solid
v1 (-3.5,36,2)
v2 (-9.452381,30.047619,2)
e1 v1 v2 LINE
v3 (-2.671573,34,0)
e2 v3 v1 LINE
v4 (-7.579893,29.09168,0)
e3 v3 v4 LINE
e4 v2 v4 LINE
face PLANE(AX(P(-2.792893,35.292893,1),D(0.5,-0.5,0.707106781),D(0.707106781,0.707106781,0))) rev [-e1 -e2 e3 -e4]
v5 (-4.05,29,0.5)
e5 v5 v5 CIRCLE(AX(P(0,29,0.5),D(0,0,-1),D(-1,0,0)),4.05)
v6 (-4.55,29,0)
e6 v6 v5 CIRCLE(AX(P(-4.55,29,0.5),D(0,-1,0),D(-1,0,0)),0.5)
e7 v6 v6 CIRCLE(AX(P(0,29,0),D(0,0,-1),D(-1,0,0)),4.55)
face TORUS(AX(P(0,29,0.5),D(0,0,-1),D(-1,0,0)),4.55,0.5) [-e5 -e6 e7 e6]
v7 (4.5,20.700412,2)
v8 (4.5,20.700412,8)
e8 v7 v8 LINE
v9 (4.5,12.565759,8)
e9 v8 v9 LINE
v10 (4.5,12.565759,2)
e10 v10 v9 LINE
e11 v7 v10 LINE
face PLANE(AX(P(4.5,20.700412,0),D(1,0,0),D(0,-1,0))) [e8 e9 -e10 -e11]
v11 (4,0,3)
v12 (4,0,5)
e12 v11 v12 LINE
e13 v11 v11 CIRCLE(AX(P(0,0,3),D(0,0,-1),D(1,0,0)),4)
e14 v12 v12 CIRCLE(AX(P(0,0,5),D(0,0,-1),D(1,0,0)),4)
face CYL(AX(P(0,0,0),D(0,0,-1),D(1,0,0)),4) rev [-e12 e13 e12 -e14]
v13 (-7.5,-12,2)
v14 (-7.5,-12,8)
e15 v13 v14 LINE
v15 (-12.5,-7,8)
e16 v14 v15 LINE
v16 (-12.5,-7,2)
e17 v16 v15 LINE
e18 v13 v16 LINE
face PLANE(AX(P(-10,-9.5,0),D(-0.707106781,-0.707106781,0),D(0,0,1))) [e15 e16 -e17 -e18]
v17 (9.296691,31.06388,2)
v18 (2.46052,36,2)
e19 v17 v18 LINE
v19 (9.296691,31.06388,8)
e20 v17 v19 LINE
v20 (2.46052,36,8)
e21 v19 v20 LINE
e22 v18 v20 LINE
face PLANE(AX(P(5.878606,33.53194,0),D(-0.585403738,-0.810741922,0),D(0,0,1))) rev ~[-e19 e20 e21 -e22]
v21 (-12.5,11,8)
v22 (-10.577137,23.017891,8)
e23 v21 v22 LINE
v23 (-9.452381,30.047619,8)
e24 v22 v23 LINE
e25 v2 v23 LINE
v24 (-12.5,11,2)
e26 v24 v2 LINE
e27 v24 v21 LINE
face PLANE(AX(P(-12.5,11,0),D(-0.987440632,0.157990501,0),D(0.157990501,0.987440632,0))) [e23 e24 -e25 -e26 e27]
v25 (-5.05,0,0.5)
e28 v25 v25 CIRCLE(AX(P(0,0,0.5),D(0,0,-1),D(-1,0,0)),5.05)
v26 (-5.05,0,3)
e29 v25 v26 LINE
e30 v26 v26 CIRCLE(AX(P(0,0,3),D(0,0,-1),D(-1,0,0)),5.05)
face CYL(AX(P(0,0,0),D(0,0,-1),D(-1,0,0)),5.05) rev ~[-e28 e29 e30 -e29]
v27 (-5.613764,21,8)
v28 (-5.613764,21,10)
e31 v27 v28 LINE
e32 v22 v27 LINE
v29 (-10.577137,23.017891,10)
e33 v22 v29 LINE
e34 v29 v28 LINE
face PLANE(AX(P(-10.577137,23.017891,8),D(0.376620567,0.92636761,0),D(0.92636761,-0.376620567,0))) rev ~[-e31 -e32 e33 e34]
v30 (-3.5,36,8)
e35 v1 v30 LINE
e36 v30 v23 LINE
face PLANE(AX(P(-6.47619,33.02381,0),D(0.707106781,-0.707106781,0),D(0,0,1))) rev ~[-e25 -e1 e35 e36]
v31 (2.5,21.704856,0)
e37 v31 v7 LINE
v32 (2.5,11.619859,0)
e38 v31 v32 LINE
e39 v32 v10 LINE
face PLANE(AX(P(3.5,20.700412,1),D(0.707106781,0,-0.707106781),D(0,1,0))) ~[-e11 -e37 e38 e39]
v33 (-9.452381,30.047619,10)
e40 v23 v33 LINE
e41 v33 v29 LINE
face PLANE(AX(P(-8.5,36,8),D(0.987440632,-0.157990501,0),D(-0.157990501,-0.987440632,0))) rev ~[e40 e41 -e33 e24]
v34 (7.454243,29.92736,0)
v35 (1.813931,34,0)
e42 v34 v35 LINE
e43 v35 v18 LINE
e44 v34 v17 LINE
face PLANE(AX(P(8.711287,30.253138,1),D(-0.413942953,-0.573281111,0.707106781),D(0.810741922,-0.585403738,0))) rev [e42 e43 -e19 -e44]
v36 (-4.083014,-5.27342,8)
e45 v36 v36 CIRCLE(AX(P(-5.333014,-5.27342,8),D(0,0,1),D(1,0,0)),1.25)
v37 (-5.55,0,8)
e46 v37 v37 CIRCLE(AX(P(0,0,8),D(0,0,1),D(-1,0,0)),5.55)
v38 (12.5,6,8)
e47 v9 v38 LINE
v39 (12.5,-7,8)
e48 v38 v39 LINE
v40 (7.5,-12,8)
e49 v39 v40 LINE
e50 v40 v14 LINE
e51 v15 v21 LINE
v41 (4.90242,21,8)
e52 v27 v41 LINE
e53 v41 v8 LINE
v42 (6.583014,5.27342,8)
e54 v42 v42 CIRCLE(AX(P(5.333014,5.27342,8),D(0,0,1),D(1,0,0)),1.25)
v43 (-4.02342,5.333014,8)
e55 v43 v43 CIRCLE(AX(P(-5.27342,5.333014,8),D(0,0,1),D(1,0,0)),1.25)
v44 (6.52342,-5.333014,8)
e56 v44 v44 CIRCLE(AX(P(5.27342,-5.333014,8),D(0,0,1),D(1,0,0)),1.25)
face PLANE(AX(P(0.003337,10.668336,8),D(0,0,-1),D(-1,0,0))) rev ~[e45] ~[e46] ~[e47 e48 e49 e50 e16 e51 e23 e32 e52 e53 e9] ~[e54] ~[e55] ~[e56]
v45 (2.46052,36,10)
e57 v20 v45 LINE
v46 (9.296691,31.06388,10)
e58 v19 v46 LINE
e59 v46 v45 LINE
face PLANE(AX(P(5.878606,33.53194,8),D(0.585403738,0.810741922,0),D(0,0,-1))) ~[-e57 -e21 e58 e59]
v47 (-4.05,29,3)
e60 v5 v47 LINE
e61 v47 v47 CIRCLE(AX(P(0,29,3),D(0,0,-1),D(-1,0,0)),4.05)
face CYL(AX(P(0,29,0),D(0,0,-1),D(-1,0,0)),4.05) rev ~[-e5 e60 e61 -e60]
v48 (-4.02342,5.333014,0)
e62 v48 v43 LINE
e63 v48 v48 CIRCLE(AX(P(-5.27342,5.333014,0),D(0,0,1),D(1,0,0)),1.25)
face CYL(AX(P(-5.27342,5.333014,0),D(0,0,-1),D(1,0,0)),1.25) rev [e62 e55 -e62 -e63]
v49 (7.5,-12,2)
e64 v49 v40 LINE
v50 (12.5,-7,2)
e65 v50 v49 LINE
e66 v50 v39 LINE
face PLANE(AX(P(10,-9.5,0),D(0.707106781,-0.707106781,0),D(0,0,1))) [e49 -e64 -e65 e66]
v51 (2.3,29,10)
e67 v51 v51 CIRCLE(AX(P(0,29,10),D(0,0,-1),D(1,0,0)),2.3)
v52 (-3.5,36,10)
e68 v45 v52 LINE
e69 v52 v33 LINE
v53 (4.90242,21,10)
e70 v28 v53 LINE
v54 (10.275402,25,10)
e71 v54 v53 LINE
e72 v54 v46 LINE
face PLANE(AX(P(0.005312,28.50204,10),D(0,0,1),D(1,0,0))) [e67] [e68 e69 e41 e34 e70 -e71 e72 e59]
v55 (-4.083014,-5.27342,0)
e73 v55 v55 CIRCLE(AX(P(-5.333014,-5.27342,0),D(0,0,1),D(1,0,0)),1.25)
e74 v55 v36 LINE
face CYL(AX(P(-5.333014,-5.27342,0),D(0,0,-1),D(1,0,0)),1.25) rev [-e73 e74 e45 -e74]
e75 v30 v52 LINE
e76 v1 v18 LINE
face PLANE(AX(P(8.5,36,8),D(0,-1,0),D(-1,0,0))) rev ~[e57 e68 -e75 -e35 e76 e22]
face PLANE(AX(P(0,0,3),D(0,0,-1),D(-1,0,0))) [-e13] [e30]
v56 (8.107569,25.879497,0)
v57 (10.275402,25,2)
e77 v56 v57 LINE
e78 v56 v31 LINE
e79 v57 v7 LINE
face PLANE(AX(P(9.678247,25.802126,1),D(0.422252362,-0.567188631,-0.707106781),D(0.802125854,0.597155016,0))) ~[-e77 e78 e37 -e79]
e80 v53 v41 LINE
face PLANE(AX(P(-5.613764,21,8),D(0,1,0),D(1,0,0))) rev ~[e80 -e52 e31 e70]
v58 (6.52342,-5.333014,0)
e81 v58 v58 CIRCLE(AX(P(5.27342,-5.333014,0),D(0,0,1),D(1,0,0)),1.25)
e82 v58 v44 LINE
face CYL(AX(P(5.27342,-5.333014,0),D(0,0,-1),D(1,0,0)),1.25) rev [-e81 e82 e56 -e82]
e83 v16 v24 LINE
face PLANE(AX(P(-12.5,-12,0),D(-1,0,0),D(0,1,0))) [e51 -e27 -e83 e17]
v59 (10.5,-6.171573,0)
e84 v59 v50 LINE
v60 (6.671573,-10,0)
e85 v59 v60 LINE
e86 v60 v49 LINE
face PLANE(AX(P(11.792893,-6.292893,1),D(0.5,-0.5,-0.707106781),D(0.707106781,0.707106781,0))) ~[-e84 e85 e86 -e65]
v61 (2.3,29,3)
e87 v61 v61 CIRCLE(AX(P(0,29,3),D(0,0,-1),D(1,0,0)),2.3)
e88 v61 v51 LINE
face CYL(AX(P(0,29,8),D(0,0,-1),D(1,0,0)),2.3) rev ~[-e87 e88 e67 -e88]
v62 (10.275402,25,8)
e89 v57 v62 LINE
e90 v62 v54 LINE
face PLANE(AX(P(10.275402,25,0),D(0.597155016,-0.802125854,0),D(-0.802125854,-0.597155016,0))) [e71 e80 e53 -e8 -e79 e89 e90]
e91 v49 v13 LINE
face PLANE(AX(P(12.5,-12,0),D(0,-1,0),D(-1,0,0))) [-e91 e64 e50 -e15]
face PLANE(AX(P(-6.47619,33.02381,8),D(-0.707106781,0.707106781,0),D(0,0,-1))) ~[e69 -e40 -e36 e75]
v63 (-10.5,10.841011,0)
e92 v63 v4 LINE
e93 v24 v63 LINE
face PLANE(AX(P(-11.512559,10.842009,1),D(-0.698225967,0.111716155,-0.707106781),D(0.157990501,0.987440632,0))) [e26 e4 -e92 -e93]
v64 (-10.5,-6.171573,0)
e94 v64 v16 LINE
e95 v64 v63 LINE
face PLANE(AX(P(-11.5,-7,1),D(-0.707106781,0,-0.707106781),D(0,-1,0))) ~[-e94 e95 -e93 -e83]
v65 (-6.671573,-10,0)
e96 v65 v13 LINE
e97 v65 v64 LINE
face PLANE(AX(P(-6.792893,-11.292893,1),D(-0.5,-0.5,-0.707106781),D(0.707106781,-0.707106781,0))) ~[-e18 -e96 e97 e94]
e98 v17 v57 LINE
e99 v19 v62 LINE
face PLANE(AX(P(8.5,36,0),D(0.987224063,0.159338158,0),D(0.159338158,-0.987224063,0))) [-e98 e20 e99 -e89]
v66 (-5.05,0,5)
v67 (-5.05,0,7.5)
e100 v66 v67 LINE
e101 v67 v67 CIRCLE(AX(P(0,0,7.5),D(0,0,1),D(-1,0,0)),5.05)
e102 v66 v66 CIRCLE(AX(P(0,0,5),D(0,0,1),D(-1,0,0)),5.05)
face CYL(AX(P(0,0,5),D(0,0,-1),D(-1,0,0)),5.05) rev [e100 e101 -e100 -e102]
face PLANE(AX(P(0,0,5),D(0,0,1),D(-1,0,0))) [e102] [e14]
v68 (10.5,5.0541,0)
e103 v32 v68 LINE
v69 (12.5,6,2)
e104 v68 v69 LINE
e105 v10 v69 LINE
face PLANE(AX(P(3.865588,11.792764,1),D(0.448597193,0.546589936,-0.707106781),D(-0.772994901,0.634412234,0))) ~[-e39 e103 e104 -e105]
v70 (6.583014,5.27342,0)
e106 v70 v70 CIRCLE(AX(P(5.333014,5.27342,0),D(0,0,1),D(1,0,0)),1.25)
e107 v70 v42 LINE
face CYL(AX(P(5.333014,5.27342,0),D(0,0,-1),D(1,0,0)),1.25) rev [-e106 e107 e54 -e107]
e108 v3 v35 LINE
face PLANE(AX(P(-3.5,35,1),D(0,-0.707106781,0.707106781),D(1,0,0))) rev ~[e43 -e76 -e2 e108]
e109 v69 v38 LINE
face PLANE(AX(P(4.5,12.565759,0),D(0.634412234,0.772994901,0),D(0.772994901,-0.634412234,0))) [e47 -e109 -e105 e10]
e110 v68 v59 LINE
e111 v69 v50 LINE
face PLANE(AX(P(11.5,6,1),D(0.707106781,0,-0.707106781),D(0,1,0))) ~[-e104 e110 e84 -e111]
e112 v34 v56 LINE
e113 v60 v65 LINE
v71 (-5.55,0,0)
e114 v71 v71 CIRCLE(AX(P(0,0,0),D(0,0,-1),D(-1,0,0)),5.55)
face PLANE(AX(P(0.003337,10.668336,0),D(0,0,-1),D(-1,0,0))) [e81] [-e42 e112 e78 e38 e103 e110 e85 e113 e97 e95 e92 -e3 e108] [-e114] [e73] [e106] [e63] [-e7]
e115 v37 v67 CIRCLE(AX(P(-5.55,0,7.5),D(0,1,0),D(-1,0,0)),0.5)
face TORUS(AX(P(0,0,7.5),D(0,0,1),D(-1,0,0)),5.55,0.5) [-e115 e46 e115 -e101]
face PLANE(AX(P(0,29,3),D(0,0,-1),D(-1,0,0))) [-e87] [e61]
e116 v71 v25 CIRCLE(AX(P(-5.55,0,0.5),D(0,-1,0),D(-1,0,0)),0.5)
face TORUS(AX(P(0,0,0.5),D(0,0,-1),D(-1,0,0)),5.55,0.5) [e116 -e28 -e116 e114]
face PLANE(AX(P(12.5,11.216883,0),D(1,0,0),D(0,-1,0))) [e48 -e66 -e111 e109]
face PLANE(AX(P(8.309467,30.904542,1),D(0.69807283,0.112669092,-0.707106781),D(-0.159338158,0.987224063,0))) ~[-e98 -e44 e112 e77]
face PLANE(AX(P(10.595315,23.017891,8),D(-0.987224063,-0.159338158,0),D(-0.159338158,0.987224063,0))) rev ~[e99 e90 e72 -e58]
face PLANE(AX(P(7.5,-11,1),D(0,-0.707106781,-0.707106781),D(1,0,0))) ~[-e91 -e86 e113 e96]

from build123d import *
from OCP.BRepFilletAPI import BRepFilletAPI_MakeChamfer

# Parameters (mm, degrees)
SKETCH_1_R          = 1.25
SKETCH_1_R_2        = 4
SKETCH_1_R_3        = 2.3
EXTRUDE_2_DEPTH     = 8
CHAMFER_1_SIZE      = 5
EXTRUDE_3_DEPTH     = 2
SKETCH_3_R          = 2.3
CUT_EXTRUDE_1_DEPTH = 7
CUT_EXTRUDE_2_DEPTH = 10
CHAMFER_2_SIZE      = 5
CHAMFER_2_SIZE2     = 6.028089953
CHAMFER_2_SIZE2_2   = 6.039479554
CHAMFER_3_SIZE      = 2
SKETCH_5_R          = 5.05
CUT_EXTRUDE_3_DEPTH = 3
CUT_EXTRUDE_START   = -3
SKETCH_6_R          = 5.05
CUT_EXTRUDE_4_DEPTH = 3
FILLET_1_R          = 0.5
SKETCH_7_R          = 4.05
CUT_EXTRUDE_5_DEPTH = 3
FILLET_2_R          = 0.5


with BuildPart() as part:
    # 草图1 → 凸台-拉伸2 (new body)
    with BuildSketch(Plane.XY):
        Polygon((8.5, 36), (12.5, 11.216882722), (12.5, -12), (-12.5, -12), (-12.5, 11), (-8.5, 36), align=None)
        with Locations((-5.273420283, 5.333014019)):
            Circle(SKETCH_1_R, mode=Mode.SUBTRACT)
        with Locations((5.333014019, 5.273420283)):
            Circle(SKETCH_1_R, mode=Mode.SUBTRACT)
        with Locations((5.273420283, -5.333014019)):
            Circle(SKETCH_1_R, mode=Mode.SUBTRACT)
        with Locations((-5.333014019, -5.273420283)):
            Circle(SKETCH_1_R, mode=Mode.SUBTRACT)
        Circle(SKETCH_1_R_2, mode=Mode.SUBTRACT)
        with Locations((0, 29)):
            Circle(SKETCH_1_R_3, mode=Mode.SUBTRACT)
    extrude(amount=EXTRUDE_2_DEPTH)

    # 倒角1
    chamfer_1_edges = [part.edges().sort_by_distance(p)[0] for p in [
        (12.5, -12, 4),
        (-12.5, -12, 4),
    ]]
    chamfer(chamfer_1_edges, length=CHAMFER_1_SIZE)

    # 草图2 → 凸台-拉伸3 (add)
    with BuildSketch(Plane.XY.offset(8)):
        Polygon((-10.577137485, 23.017890722), (-5.61376382, 21), (5.631941325, 21), (10.595314989, 23.017890722), (8.5, 36), (-8.5, 36), align=None)
    extrude(amount=EXTRUDE_3_DEPTH)

    # 草图3 → 切除-拉伸1 (cut)
    with BuildSketch(Plane(origin=(0, 0, 8), x_dir=(-1, 0, 0), z_dir=(0, 0, -1))):
        with Locations(Location((0, 29, 0), (0, 0, 180))):
            Circle(SKETCH_3_R)
    extrude(amount=-CUT_EXTRUDE_1_DEPTH, mode=Mode.SUBTRACT)

    # 草图4 → 切除-拉伸2 (cut)
    with BuildSketch(Plane(origin=(0, 0, 0), x_dir=(-1, 0, 0), z_dir=(0, 0, -1))):
        Polygon((-10.275402162, 25), (-4.5, 20.700412405), (-4.5, 12.565758544), (-12.5, 6), (-12.5, 11.216882722), align=None)
    extrude(amount=-CUT_EXTRUDE_2_DEPTH, mode=Mode.SUBTRACT)

    # 倒角2: one chamfer whose edges measure the first distance from different faces: ONE call of the kernel's chamfer builder (chamfer() names one face for all edges)
    chamfer_2_edges_1 = [part.edges().sort_by_distance(p)[0] for p in [
        (-8.5, 36, 5),
    ]]
    chamfer_2_side_1 = [part.faces().sort_by_distance(p)[0] for p in [
        (0, 36, 5),
    ]]
    chamfer_2_edges_2 = [part.edges().sort_by_distance(p)[0] for p in [
        (8.5, 36, 5),
    ]]
    chamfer_2_side_2 = [part.faces().sort_by_distance(p)[0] for p in [
        (9.387701081, 30.5, 5),
    ]]
    chamfer_2 = BRepFilletAPI_MakeChamfer(part.part.solid().wrapped)
    for e in chamfer_2_edges_1:
        chamfer_2.Add(CHAMFER_2_SIZE, CHAMFER_2_SIZE2, e.wrapped, chamfer_2_side_1[0].wrapped)  # the first distance lies on this face
    for e in chamfer_2_edges_2:
        chamfer_2.Add(CHAMFER_2_SIZE, CHAMFER_2_SIZE2_2, e.wrapped, chamfer_2_side_2[0].wrapped)  # the first distance lies on this face
    add(Compound.cast(chamfer_2.Shape()), mode=Mode.REPLACE)

    # 倒角3
    chamfer_3_edges = [part.edges().sort_by_distance(p)[0] for p in [
        (-0.519739777, 36, 0),
        (-10.976190476, 20.523809524, 0),
        (-6.476190476, 33.023809524, 0),
        (5.878605618, 33.531939841, 0),
        (0, -12, 0),
        (12.5, -0.5, 0),
        (10, -9.5, 0),
        (-10, -9.5, 0),
        (9.786046476, 28.031939841, 0),
        (-12.5, 2, 0),
        (8.5, 9.282879272, 0),
        (4.5, 16.633085475, 0),
        (7.387701081, 22.850206203, 0),
    ]]
    chamfer(chamfer_3_edges, length=CHAMFER_3_SIZE)

    # 草图5 → 切除-拉伸3 (cut)
    with BuildSketch(Plane(origin=(0, 0, 0), x_dir=(-1, 0, 0), z_dir=(0, 0, -1))):
        Circle(SKETCH_5_R)
    extrude(amount=-CUT_EXTRUDE_3_DEPTH, mode=Mode.SUBTRACT)

    # 草图6 → 切除-拉伸4 (cut)
    with BuildSketch(Plane.XY.offset(8).offset(CUT_EXTRUDE_START)):
        with Locations(Location((0, 0, 0), (0, 0, 180))):
            Circle(SKETCH_6_R)
    extrude(amount=CUT_EXTRUDE_4_DEPTH, mode=Mode.SUBTRACT)

    # 圆角1
    fillet_1_edges = [part.edges().sort_by_distance(p)[0] for p in [
        (5.05, 0, 0),
        (5.05, 0, 8),
    ]]
    fillet(fillet_1_edges, radius=FILLET_1_R)

    # 草图7 → 切除-拉伸5 (cut)
    with BuildSketch(Plane(origin=(0, 0, 0), x_dir=(-1, 0, 0), z_dir=(0, 0, -1))):
        with Locations((0, 29)):
            Circle(SKETCH_7_R)
    extrude(amount=-CUT_EXTRUDE_5_DEPTH, mode=Mode.SUBTRACT)

    # 圆角2
    fillet_2_edges = [part.edges().sort_by_distance(p)[0] for p in [
        (4.05, 29, 0),
    ]]
    fillet(fillet_2_edges, radius=FILLET_2_R)


solid = part.part
